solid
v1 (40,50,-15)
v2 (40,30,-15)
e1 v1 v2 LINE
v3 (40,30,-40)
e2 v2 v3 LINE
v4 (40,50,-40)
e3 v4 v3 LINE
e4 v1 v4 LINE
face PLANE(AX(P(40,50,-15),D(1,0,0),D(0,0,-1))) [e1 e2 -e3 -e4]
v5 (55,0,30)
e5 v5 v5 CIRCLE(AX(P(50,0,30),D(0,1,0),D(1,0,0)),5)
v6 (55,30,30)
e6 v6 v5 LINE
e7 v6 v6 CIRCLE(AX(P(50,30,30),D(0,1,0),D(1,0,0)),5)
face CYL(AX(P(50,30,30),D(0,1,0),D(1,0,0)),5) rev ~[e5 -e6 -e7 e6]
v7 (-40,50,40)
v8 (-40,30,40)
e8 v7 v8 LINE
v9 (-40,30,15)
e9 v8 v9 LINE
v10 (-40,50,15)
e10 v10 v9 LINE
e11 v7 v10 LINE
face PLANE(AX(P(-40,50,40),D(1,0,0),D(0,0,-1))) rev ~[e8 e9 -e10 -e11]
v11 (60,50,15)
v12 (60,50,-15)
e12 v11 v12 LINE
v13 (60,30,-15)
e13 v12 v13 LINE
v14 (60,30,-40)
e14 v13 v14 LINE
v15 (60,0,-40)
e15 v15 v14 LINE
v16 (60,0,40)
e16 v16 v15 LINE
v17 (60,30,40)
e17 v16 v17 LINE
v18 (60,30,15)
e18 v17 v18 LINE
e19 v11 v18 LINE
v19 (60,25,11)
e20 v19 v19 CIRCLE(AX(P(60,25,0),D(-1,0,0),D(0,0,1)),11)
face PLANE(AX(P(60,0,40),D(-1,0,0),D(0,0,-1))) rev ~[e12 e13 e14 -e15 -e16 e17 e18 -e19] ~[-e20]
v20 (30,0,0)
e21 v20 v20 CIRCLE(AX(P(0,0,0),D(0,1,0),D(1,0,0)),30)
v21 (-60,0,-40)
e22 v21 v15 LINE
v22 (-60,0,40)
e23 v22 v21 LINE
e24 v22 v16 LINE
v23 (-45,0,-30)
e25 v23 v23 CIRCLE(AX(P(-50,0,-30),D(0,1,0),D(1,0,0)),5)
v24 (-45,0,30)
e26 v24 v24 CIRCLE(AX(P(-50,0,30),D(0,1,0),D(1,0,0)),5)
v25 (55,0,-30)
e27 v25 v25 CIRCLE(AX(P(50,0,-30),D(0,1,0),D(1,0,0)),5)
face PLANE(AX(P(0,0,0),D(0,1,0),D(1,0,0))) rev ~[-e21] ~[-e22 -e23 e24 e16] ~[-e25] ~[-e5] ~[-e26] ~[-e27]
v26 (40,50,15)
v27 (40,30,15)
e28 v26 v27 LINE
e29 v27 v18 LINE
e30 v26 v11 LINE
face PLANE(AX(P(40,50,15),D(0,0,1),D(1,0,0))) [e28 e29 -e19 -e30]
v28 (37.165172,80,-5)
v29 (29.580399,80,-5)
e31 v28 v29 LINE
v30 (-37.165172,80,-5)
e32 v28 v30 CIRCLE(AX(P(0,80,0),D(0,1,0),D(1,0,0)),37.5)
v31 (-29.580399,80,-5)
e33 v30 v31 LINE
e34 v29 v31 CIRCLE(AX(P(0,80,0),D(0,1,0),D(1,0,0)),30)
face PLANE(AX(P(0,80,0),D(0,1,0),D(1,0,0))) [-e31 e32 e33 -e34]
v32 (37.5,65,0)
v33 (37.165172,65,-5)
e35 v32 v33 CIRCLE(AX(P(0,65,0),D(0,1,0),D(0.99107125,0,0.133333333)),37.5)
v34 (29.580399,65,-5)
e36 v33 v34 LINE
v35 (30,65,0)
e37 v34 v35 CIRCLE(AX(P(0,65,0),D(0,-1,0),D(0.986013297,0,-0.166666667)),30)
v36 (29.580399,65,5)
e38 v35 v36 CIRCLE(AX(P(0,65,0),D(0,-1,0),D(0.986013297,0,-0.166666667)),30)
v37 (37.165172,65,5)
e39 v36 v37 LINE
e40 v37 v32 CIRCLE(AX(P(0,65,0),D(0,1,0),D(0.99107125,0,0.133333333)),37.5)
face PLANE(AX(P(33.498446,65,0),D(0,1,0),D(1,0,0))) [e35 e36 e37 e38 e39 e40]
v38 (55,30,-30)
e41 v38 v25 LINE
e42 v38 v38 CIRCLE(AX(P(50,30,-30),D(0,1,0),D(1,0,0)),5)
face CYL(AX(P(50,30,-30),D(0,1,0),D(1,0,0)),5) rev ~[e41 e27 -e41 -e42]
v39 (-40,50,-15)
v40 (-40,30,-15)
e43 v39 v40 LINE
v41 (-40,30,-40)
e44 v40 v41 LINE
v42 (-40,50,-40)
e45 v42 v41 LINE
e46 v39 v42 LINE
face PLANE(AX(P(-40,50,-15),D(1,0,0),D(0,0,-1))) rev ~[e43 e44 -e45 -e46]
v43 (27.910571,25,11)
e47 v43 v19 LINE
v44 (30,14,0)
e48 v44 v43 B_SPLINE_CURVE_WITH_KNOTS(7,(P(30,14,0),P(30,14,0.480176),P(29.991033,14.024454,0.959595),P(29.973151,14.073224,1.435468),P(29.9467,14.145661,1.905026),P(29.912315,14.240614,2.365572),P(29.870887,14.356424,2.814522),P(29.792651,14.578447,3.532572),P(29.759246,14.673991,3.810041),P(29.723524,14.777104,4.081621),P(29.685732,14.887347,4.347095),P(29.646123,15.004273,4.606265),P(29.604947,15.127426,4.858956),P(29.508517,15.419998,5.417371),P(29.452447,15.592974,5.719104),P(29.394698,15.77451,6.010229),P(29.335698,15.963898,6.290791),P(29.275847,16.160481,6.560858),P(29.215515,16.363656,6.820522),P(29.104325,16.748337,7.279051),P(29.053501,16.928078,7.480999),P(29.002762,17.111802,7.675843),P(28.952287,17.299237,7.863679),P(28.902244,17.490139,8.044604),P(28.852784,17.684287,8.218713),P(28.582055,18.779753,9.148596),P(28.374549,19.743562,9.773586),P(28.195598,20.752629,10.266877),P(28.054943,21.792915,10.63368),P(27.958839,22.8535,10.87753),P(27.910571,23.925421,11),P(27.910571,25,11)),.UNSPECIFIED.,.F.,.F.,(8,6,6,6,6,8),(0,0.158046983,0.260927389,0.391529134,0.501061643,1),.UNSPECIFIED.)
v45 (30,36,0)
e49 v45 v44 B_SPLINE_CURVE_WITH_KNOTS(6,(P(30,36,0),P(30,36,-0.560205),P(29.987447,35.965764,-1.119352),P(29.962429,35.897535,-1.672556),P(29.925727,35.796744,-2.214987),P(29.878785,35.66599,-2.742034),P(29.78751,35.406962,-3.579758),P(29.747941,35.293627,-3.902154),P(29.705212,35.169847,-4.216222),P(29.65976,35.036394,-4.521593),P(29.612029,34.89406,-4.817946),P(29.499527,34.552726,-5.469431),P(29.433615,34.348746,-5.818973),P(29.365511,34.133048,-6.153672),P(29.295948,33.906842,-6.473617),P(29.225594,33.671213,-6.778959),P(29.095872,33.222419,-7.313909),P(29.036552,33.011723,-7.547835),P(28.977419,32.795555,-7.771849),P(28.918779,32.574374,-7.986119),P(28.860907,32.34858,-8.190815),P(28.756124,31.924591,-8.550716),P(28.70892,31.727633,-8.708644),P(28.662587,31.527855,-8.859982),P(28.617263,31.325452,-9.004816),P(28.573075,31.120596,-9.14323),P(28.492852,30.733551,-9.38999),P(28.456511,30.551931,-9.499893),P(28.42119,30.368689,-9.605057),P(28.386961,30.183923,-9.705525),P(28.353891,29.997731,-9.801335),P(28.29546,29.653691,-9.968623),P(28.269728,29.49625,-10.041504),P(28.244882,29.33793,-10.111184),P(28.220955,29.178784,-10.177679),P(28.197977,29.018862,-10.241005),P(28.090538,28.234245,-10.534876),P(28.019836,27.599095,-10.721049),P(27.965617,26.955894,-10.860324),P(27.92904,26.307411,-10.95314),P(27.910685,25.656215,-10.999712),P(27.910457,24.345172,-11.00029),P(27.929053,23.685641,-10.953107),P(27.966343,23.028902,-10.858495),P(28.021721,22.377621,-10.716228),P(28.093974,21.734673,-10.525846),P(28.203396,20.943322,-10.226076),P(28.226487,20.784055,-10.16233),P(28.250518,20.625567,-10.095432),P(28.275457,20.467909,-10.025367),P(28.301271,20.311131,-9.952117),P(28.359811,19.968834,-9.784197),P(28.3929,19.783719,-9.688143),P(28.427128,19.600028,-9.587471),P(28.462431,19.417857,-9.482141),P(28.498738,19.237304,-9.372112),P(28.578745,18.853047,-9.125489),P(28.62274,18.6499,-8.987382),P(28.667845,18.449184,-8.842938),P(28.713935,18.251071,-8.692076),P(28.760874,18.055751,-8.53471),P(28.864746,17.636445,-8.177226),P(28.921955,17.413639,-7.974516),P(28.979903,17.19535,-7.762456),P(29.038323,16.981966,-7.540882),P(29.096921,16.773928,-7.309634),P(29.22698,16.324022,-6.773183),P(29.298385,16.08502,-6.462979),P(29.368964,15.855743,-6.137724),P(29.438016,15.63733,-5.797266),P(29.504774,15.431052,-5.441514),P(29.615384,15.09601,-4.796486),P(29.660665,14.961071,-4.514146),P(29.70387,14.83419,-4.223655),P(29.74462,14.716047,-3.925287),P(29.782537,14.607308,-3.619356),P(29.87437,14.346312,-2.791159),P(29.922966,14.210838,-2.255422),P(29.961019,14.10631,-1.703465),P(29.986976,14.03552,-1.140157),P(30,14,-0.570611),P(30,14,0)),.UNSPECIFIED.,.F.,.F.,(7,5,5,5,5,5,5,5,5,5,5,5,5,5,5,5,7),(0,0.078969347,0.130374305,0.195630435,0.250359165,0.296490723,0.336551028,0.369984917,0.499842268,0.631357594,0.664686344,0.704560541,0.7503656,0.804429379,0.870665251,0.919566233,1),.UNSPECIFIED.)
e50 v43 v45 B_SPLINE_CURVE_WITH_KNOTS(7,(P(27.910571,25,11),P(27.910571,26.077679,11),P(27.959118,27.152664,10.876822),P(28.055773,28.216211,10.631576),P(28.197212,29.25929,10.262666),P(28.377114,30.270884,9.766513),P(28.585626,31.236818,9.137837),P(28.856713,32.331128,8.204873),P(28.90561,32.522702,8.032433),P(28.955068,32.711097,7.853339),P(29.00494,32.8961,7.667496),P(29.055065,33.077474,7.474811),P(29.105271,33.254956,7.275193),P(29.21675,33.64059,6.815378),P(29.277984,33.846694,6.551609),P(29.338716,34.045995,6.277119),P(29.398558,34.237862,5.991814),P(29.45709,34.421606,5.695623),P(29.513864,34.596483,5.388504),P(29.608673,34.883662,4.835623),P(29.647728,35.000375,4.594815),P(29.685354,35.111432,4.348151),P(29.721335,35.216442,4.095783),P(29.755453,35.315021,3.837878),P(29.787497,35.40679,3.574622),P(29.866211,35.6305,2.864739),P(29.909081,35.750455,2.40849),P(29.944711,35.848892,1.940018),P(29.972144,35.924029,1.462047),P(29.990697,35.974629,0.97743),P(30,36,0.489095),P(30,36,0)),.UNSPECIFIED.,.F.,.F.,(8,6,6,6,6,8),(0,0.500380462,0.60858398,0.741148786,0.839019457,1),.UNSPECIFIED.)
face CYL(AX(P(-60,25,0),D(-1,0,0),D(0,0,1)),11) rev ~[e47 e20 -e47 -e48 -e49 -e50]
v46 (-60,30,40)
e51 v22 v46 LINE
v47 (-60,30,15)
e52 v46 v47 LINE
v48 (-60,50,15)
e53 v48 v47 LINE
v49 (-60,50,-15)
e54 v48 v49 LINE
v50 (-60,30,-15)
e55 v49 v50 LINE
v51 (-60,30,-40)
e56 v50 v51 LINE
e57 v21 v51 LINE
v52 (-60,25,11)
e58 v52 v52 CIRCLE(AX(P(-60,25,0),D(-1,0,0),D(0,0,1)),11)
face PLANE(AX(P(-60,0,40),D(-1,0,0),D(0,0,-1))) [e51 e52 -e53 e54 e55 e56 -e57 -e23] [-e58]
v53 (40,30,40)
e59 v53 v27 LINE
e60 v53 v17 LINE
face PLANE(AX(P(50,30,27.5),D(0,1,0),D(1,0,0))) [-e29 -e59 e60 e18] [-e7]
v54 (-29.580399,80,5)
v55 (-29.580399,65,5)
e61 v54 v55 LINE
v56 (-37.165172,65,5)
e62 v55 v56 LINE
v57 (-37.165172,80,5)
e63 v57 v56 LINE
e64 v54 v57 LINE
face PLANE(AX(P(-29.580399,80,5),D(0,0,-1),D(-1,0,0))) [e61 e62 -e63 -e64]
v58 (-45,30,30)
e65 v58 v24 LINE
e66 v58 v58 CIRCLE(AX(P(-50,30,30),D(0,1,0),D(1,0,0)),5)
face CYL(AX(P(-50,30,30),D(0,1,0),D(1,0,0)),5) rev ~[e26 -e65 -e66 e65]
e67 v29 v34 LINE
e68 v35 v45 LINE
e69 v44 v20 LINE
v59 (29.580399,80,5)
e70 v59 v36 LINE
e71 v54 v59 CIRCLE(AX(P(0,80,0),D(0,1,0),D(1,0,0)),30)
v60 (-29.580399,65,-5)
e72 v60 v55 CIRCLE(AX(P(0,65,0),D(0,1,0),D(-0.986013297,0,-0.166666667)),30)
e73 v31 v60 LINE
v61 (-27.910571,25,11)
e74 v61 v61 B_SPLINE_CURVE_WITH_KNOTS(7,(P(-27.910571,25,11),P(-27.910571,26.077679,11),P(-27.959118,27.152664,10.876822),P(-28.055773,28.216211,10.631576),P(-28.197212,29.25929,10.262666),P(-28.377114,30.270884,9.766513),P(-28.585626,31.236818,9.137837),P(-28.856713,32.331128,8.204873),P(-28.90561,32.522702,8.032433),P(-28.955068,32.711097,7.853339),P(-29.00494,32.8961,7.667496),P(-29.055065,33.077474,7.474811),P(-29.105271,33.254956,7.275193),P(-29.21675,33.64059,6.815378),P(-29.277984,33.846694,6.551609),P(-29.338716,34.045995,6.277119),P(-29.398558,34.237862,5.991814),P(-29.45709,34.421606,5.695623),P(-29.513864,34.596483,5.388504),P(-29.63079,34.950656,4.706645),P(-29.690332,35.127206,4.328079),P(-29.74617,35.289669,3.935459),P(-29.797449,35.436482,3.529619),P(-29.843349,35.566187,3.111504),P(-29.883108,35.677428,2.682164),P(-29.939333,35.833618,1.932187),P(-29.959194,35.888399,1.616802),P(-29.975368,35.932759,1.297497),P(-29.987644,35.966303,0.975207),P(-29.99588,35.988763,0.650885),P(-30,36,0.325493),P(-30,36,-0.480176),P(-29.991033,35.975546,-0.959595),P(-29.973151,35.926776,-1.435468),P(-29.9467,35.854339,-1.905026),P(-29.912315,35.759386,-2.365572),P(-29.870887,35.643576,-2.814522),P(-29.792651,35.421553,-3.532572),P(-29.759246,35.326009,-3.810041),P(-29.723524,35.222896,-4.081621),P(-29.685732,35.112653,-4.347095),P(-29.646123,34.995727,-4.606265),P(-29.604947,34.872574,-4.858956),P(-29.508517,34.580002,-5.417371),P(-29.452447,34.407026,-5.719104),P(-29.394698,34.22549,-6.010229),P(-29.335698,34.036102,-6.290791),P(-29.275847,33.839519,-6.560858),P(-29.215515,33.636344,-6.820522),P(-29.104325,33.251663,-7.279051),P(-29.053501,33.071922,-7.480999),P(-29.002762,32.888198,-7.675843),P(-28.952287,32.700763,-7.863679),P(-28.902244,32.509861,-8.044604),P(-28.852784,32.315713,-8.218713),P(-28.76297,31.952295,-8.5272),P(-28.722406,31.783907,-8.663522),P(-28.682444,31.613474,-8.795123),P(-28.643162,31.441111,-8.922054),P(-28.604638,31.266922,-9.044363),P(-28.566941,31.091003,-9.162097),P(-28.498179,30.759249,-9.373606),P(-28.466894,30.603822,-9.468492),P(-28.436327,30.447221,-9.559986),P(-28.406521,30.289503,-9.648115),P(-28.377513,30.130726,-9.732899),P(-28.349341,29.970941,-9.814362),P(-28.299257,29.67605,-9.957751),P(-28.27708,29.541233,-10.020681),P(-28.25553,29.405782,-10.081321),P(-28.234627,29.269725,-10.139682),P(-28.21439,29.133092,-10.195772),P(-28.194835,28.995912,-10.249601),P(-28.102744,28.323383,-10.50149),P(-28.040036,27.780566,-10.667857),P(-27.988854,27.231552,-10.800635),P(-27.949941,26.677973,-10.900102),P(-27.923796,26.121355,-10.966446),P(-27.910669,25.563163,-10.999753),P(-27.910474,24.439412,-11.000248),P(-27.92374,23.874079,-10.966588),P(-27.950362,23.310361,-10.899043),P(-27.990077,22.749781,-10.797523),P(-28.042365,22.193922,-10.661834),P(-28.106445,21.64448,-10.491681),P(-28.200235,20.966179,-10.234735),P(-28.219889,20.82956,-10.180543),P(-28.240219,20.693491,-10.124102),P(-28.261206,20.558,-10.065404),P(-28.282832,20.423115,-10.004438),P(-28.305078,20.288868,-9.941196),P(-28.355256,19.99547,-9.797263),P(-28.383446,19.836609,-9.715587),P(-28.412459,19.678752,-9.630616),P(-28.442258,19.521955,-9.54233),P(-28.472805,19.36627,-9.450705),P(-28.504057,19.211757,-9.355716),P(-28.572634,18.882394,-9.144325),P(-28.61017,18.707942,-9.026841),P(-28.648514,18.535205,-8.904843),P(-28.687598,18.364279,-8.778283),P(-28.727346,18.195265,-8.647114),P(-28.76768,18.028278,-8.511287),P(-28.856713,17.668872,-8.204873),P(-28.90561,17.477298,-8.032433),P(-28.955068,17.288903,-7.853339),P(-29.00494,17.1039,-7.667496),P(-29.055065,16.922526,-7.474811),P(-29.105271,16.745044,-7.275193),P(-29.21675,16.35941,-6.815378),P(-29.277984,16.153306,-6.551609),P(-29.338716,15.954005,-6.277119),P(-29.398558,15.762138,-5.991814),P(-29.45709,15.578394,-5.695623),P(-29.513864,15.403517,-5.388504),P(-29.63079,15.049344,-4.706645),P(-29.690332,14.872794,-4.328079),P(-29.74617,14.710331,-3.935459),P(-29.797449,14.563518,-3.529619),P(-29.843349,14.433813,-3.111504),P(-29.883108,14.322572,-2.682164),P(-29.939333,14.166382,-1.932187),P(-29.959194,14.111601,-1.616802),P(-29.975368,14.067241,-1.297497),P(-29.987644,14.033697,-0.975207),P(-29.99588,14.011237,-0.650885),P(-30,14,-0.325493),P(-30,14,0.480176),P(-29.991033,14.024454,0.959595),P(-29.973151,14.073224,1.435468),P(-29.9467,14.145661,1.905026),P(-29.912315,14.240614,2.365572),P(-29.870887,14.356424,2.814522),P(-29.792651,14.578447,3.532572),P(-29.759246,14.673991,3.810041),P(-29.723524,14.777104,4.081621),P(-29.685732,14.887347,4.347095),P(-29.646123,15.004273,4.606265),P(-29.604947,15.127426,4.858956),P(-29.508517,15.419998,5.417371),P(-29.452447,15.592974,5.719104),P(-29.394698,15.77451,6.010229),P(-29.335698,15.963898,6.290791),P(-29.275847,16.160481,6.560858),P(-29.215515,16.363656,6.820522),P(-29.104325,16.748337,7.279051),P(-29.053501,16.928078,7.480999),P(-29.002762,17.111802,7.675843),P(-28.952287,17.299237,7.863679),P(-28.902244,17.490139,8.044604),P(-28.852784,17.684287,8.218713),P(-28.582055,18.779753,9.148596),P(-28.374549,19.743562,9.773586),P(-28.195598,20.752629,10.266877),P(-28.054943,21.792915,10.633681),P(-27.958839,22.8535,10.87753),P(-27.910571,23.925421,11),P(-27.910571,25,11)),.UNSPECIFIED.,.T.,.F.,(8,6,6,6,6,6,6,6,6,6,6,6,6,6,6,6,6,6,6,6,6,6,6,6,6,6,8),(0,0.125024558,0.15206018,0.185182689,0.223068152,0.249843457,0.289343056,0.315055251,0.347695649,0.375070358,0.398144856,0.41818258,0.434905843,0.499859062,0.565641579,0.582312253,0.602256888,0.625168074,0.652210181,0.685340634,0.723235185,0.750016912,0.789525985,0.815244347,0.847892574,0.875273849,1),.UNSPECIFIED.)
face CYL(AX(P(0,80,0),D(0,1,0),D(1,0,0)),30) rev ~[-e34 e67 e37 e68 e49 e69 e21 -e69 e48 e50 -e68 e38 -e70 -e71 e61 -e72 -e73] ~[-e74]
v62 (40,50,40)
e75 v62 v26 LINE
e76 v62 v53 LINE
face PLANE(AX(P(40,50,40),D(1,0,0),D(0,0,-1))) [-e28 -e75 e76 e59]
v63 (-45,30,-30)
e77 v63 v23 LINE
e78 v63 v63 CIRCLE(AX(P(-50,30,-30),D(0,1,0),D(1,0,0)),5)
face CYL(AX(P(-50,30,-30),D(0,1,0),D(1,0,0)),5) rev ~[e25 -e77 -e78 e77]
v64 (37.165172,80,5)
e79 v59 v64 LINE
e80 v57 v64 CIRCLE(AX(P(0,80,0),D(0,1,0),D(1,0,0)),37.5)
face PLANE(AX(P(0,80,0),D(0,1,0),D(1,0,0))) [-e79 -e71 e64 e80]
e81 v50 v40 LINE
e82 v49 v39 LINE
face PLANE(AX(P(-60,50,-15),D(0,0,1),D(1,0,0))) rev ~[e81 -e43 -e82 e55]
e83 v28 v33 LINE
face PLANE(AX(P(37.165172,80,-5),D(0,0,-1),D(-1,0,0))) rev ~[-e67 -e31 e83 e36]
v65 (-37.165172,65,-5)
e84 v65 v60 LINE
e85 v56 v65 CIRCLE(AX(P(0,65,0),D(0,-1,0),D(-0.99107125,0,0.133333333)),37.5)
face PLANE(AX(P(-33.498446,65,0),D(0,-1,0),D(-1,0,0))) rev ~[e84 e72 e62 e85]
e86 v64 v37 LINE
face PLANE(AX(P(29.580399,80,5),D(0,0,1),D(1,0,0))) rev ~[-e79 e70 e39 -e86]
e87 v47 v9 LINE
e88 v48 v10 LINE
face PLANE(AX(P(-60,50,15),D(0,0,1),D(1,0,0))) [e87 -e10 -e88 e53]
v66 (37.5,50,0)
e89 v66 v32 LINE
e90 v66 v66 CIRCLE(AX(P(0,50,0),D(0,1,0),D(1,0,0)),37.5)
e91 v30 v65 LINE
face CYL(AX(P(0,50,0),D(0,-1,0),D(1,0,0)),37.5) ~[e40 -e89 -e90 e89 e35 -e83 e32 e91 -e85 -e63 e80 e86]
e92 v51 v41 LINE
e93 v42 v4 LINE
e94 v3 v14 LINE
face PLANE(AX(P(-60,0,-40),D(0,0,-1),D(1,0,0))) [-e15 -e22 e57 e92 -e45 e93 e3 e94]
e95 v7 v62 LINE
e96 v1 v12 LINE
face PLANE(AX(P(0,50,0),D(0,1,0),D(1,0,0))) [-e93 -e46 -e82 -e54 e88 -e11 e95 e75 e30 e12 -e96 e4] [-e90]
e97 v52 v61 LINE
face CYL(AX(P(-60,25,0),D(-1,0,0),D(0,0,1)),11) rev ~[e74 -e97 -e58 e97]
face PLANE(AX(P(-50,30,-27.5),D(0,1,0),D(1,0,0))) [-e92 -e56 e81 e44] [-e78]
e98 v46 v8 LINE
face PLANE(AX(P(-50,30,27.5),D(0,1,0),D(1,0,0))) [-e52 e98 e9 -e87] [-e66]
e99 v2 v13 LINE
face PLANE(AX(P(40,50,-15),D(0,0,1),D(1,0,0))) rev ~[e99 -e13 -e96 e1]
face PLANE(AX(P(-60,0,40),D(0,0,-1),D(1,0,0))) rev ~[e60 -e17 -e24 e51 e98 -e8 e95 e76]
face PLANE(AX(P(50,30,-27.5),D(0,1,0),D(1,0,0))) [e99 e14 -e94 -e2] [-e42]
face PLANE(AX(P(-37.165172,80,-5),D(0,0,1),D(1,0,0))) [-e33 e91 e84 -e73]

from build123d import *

# Parameters (mm, degrees)
SKETCH_1_W          = 120
SKETCH_1_H          = 80
EXTRUDE_1_DEPTH     = 50
SKETCH_2_W          = 20
SKETCH_2_H          = 25
CUT_EXTRUDE_1_DEPTH = 20
SKETCH_3_R          = 5
CUT_EXTRUDE_2_DEPTH = 30
SKETCH_5_R          = 11
CUT_EXTRUDE_4_DEPTH = 120
SKETCH_6_R          = 37.5
EXTRUDE_2_DEPTH     = 30
SKETCH_7_R          = 30
CUT_EXTRUDE_5_DEPTH = 81
CUT_EXTRUDE_6_DEPTH = 15


with BuildPart() as part:
    # Эскиз1 → Бобышка-Вытянуть1 (new body)
    with BuildSketch(Plane(origin=(0, 0, 0), x_dir=(1, 0, 0), z_dir=(0, 1, 0))):
        Rectangle(SKETCH_1_W, SKETCH_1_H)
    extrude(amount=EXTRUDE_1_DEPTH)

    # Эскиз2 → Вырез-Вытянуть1 (cut)
    with BuildSketch(Plane(origin=(0, 50, 0), x_dir=(1, 0, 0), z_dir=(0, 1, 0))):
        with Locations((-50, 27.5)):
            Rectangle(SKETCH_2_W, SKETCH_2_H)
        with Locations((-50, -27.5)):
            Rectangle(SKETCH_2_W, SKETCH_2_H)
        with Locations((50, -27.5)):
            Rectangle(SKETCH_2_W, SKETCH_2_H)
        with Locations((50, 27.5)):
            Rectangle(SKETCH_2_W, SKETCH_2_H)
    extrude(amount=-CUT_EXTRUDE_1_DEPTH, mode=Mode.SUBTRACT)

    # Эскиз3 → Вырез-Вытянуть2 (cut)
    with BuildSketch(Plane(origin=(0, 30, 0), x_dir=(1, 0, 0), z_dir=(0, 1, 0))):
        with Locations((-50, -30)):
            Circle(SKETCH_3_R)
        with Locations((-50, 30)):
            Circle(SKETCH_3_R)
        with Locations((50, 30)):
            Circle(SKETCH_3_R)
        with Locations((50, -30)):
            Circle(SKETCH_3_R)
    extrude(amount=-CUT_EXTRUDE_2_DEPTH, mode=Mode.SUBTRACT)

    # Эскиз5 → Вырез-Вытянуть4 (cut)
    with BuildSketch(Plane.ZY.offset(60)):
        with Locations((0, 25)):
            Circle(SKETCH_5_R)
    extrude(amount=-CUT_EXTRUDE_4_DEPTH, mode=Mode.SUBTRACT)

    # Эскиз6 → Бобышка-Вытянуть2 (add)
    with BuildSketch(Plane(origin=(0, 50, 0), x_dir=(1, 0, 0), z_dir=(0, 1, 0))):
        Circle(SKETCH_6_R)
    extrude(amount=EXTRUDE_2_DEPTH)

    # Эскиз7 → Вырез-Вытянуть5 (cut, through all)
    with BuildSketch(Plane(origin=(0, 80, 0), x_dir=(1, 0, 0), z_dir=(0, 1, 0))):
        Circle(SKETCH_7_R)
    extrude(amount=-CUT_EXTRUDE_5_DEPTH, mode=Mode.SUBTRACT)

    # Эскиз8 → Вырез-Вытянуть6 (cut)
    with BuildSketch(Plane(origin=(0, 80, 0), x_dir=(1, 0, 0), z_dir=(0, 1, 0))):
        with BuildLine():
            Line((-29.580398915, -5), (-37.165171868, -5))
            ThreePointArc((-37.165171868, -5), (-37.5, 0), (-37.165171868, 5))
            Line((-37.165171868, 5), (-29.580398915, 5))
            ThreePointArc((-29.580398915, 5), (-30, 0), (-29.580398915, -5))
        make_face()
        with BuildLine():
            Line((37.165171868, 5), (29.580398915, 5))
            ThreePointArc((29.580398915, 5), (30, 0), (29.580398915, -5))
            Line((29.580398915, -5), (37.165171868, -5))
            ThreePointArc((37.165171868, -5), (37.5, 0), (37.165171868, 5))
        make_face()
    extrude(amount=-CUT_EXTRUDE_6_DEPTH, mode=Mode.SUBTRACT)


solid = part.part
